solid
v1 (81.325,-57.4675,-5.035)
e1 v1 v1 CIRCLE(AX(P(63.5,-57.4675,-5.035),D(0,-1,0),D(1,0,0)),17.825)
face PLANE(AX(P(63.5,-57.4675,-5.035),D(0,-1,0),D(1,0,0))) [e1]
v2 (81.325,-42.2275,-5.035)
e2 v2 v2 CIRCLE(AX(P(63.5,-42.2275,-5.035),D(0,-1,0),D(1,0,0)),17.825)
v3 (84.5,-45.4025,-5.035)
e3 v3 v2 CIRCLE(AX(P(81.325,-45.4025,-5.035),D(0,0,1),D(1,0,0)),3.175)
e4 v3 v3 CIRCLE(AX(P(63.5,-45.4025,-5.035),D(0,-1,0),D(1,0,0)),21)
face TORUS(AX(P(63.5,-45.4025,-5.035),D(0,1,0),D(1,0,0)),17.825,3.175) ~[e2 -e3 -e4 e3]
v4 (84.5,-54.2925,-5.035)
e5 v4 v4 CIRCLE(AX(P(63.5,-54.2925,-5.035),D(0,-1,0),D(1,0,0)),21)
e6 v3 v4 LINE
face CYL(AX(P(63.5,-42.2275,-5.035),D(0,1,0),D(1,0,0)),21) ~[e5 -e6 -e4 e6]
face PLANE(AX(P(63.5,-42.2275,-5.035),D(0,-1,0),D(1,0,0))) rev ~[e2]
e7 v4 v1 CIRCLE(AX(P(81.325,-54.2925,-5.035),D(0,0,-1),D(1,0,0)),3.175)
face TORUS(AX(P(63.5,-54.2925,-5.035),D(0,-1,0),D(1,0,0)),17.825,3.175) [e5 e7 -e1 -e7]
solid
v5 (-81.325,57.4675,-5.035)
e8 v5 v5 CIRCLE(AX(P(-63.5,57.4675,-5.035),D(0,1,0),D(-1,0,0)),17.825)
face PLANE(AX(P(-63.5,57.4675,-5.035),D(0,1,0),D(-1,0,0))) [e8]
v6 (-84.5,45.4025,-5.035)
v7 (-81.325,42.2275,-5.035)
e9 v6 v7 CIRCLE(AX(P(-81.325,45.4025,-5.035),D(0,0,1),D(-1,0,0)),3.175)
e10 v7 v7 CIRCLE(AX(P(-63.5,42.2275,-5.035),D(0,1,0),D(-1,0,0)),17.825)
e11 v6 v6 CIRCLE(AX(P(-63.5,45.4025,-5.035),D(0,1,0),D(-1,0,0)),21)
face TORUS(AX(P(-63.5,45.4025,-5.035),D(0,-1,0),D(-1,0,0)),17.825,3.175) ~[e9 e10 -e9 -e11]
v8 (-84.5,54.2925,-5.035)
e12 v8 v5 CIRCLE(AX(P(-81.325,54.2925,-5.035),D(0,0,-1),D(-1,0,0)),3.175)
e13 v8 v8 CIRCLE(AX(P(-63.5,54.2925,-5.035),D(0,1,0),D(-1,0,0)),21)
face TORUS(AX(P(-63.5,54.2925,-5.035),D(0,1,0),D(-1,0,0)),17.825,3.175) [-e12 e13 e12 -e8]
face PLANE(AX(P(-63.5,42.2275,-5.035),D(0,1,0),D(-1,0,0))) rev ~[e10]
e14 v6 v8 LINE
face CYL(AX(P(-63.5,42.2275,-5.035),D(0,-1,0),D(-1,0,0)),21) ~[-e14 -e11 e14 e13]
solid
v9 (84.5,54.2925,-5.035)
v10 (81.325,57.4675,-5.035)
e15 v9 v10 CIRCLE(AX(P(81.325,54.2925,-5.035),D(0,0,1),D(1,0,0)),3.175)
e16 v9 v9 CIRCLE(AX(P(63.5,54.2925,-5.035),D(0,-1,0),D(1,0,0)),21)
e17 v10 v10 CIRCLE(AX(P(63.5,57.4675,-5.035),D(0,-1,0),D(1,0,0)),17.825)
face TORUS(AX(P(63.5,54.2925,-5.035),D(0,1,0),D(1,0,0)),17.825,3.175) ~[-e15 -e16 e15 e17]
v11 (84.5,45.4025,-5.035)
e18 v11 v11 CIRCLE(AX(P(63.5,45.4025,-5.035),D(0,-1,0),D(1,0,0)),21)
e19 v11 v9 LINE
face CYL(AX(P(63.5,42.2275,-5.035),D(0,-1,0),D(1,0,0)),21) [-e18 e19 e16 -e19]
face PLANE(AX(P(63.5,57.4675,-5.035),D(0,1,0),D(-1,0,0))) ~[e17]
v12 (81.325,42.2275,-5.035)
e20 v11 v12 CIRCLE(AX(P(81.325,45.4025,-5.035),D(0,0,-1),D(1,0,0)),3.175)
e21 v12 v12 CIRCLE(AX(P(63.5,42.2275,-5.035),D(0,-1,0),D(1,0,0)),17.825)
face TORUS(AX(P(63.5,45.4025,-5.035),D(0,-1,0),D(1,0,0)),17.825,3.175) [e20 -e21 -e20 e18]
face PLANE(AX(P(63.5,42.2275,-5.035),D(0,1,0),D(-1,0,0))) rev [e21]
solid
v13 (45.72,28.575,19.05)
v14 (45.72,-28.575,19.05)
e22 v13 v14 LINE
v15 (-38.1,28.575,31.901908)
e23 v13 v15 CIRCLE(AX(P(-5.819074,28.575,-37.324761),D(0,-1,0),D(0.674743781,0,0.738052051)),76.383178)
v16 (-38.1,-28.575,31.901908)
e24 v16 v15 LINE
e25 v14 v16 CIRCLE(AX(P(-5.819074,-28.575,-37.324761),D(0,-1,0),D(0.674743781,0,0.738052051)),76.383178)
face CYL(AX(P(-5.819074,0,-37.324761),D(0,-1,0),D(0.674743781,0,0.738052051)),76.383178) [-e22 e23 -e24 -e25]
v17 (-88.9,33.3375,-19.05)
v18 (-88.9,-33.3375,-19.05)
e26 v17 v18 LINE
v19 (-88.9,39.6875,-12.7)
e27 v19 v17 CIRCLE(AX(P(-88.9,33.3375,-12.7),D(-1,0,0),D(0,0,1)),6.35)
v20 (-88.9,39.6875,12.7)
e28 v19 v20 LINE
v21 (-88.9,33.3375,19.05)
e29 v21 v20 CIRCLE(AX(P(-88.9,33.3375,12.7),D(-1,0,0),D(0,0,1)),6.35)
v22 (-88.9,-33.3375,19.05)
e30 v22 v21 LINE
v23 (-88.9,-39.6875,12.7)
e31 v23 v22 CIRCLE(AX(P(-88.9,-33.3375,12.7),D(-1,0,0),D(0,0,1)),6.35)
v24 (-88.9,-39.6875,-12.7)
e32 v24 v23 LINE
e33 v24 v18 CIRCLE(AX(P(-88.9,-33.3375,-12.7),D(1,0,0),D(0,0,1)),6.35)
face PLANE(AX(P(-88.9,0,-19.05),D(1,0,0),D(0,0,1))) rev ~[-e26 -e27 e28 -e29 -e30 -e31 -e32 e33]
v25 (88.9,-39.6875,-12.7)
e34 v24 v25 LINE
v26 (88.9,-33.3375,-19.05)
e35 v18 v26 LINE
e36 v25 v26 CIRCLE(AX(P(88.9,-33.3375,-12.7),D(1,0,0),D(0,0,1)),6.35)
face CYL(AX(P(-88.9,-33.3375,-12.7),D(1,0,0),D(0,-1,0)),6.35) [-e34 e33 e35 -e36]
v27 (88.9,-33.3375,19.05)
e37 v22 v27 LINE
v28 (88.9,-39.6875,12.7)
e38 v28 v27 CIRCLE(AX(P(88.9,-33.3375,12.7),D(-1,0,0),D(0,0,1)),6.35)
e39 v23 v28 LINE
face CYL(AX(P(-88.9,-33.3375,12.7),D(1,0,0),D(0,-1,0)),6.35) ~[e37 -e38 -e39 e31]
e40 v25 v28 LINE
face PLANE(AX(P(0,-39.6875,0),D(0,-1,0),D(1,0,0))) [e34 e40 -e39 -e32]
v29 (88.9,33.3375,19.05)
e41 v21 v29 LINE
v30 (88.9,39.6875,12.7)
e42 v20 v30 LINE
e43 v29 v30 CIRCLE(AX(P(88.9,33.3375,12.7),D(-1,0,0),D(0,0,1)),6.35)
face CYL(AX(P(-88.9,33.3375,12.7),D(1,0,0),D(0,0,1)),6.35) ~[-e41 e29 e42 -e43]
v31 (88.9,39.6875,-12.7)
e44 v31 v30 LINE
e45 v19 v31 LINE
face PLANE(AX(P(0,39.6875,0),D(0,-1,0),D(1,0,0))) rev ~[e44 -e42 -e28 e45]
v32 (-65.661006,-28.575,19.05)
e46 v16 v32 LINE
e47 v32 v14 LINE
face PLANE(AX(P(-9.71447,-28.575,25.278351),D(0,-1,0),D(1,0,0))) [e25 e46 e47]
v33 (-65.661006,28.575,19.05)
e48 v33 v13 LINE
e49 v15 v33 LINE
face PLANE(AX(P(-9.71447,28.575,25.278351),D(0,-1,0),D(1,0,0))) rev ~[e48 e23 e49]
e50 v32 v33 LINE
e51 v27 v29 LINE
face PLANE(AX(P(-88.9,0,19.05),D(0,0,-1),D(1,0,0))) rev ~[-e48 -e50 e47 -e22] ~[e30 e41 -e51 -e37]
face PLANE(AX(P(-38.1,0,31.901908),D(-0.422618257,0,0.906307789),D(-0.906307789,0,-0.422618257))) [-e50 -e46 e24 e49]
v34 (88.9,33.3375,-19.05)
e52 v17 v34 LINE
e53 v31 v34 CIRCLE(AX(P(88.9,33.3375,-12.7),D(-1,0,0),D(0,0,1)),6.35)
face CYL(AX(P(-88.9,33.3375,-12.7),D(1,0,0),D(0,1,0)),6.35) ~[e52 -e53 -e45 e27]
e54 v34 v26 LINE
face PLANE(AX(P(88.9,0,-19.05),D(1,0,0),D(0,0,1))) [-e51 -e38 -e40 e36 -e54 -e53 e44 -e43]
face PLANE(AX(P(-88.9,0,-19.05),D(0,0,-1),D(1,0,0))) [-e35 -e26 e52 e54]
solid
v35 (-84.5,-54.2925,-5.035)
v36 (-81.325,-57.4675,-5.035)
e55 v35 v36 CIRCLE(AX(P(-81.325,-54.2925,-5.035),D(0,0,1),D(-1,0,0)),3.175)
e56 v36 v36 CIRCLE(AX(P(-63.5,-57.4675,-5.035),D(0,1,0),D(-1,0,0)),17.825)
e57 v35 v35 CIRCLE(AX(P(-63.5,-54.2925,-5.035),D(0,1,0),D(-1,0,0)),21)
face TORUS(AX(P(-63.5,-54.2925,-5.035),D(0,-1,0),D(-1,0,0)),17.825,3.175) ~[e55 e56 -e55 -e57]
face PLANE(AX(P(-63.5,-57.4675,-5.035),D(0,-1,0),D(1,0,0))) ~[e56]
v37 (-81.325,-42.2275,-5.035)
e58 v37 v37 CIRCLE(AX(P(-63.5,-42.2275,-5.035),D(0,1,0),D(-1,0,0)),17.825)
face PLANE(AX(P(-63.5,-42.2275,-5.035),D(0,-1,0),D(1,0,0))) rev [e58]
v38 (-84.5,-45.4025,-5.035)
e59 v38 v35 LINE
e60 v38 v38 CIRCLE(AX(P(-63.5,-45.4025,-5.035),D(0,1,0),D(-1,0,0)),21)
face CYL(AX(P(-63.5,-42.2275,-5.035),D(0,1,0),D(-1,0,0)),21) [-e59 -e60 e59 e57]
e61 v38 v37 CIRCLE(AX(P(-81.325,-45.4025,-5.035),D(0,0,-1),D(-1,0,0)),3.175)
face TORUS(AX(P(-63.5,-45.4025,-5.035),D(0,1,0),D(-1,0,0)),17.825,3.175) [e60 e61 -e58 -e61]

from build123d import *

# Parameters (mm, degrees)
F1_W      = 177.8
F1_H      = 38.1
F2_DEPTH  = 39.6875
F4_R      = 21
F5_DEPTH  = 15.24
F6_R      = 6.35
F7_R      = 3.175
F11_DEPTH = 28.575


with BuildPart() as f2:
    # F1 (on Front) → F2 (new body, symmetric)
    with BuildSketch(Plane.XZ):
        Rectangle(F1_W, F1_H)
    extrude(amount=F2_DEPTH, both=True)

    # F6
    f6_edges = [f2.edges().sort_by_distance(p)[0] for p in [
        (0, -39.6875, 19.05),
        (0, 39.6875, 19.05),
        (0, -39.6875, -19.05),
        (0, 39.6875, -19.05),
    ]]
    fillet(f6_edges, radius=F6_R)

    # F10 (on Front) → F11 (join, symmetric)
    with BuildSketch(Plane.XZ):
        with BuildLine():
            Line((-65.661006, 19.05), (45.72, 19.05))
            ThreePointArc((45.72, 19.05), (5.757279, 38.176086), (-38.1, 31.901908))
            Line((-38.1, 31.901908), (-65.661006, 19.05))
        make_face()
    extrude(amount=F11_DEPTH, both=True)


with BuildPart() as f5:
    # F4 (on offset) → F5 (new body)
    with BuildSketch(Plane.XZ.offset(42.2275)):
        with Locations((63.5, -5.035)):
            Circle(F4_R)
    extrude(amount=F5_DEPTH)

    # F7
    f7_edges = [f5.edges().sort_by_distance(p)[0] for p in [
        (42.5, -57.4675, -5.035),
        (42.5, -42.2275, -5.035),
    ]]
    fillet(f7_edges, radius=F7_R)


with BuildPart() as f8_1:
    # F8: instance of F5
    add(f5.part.mirror(Plane.YZ))


with BuildPart() as f9_1:
    # F9: instance of F8_1
    add(f8_1.part.mirror(Plane.XZ))


with BuildPart() as f9_2:
    # F9: instance of F5
    add(f5.part.mirror(Plane.XZ))


solid = Compound([f2.part, f5.part, f8_1.part, f9_1.part, f9_2.part])
